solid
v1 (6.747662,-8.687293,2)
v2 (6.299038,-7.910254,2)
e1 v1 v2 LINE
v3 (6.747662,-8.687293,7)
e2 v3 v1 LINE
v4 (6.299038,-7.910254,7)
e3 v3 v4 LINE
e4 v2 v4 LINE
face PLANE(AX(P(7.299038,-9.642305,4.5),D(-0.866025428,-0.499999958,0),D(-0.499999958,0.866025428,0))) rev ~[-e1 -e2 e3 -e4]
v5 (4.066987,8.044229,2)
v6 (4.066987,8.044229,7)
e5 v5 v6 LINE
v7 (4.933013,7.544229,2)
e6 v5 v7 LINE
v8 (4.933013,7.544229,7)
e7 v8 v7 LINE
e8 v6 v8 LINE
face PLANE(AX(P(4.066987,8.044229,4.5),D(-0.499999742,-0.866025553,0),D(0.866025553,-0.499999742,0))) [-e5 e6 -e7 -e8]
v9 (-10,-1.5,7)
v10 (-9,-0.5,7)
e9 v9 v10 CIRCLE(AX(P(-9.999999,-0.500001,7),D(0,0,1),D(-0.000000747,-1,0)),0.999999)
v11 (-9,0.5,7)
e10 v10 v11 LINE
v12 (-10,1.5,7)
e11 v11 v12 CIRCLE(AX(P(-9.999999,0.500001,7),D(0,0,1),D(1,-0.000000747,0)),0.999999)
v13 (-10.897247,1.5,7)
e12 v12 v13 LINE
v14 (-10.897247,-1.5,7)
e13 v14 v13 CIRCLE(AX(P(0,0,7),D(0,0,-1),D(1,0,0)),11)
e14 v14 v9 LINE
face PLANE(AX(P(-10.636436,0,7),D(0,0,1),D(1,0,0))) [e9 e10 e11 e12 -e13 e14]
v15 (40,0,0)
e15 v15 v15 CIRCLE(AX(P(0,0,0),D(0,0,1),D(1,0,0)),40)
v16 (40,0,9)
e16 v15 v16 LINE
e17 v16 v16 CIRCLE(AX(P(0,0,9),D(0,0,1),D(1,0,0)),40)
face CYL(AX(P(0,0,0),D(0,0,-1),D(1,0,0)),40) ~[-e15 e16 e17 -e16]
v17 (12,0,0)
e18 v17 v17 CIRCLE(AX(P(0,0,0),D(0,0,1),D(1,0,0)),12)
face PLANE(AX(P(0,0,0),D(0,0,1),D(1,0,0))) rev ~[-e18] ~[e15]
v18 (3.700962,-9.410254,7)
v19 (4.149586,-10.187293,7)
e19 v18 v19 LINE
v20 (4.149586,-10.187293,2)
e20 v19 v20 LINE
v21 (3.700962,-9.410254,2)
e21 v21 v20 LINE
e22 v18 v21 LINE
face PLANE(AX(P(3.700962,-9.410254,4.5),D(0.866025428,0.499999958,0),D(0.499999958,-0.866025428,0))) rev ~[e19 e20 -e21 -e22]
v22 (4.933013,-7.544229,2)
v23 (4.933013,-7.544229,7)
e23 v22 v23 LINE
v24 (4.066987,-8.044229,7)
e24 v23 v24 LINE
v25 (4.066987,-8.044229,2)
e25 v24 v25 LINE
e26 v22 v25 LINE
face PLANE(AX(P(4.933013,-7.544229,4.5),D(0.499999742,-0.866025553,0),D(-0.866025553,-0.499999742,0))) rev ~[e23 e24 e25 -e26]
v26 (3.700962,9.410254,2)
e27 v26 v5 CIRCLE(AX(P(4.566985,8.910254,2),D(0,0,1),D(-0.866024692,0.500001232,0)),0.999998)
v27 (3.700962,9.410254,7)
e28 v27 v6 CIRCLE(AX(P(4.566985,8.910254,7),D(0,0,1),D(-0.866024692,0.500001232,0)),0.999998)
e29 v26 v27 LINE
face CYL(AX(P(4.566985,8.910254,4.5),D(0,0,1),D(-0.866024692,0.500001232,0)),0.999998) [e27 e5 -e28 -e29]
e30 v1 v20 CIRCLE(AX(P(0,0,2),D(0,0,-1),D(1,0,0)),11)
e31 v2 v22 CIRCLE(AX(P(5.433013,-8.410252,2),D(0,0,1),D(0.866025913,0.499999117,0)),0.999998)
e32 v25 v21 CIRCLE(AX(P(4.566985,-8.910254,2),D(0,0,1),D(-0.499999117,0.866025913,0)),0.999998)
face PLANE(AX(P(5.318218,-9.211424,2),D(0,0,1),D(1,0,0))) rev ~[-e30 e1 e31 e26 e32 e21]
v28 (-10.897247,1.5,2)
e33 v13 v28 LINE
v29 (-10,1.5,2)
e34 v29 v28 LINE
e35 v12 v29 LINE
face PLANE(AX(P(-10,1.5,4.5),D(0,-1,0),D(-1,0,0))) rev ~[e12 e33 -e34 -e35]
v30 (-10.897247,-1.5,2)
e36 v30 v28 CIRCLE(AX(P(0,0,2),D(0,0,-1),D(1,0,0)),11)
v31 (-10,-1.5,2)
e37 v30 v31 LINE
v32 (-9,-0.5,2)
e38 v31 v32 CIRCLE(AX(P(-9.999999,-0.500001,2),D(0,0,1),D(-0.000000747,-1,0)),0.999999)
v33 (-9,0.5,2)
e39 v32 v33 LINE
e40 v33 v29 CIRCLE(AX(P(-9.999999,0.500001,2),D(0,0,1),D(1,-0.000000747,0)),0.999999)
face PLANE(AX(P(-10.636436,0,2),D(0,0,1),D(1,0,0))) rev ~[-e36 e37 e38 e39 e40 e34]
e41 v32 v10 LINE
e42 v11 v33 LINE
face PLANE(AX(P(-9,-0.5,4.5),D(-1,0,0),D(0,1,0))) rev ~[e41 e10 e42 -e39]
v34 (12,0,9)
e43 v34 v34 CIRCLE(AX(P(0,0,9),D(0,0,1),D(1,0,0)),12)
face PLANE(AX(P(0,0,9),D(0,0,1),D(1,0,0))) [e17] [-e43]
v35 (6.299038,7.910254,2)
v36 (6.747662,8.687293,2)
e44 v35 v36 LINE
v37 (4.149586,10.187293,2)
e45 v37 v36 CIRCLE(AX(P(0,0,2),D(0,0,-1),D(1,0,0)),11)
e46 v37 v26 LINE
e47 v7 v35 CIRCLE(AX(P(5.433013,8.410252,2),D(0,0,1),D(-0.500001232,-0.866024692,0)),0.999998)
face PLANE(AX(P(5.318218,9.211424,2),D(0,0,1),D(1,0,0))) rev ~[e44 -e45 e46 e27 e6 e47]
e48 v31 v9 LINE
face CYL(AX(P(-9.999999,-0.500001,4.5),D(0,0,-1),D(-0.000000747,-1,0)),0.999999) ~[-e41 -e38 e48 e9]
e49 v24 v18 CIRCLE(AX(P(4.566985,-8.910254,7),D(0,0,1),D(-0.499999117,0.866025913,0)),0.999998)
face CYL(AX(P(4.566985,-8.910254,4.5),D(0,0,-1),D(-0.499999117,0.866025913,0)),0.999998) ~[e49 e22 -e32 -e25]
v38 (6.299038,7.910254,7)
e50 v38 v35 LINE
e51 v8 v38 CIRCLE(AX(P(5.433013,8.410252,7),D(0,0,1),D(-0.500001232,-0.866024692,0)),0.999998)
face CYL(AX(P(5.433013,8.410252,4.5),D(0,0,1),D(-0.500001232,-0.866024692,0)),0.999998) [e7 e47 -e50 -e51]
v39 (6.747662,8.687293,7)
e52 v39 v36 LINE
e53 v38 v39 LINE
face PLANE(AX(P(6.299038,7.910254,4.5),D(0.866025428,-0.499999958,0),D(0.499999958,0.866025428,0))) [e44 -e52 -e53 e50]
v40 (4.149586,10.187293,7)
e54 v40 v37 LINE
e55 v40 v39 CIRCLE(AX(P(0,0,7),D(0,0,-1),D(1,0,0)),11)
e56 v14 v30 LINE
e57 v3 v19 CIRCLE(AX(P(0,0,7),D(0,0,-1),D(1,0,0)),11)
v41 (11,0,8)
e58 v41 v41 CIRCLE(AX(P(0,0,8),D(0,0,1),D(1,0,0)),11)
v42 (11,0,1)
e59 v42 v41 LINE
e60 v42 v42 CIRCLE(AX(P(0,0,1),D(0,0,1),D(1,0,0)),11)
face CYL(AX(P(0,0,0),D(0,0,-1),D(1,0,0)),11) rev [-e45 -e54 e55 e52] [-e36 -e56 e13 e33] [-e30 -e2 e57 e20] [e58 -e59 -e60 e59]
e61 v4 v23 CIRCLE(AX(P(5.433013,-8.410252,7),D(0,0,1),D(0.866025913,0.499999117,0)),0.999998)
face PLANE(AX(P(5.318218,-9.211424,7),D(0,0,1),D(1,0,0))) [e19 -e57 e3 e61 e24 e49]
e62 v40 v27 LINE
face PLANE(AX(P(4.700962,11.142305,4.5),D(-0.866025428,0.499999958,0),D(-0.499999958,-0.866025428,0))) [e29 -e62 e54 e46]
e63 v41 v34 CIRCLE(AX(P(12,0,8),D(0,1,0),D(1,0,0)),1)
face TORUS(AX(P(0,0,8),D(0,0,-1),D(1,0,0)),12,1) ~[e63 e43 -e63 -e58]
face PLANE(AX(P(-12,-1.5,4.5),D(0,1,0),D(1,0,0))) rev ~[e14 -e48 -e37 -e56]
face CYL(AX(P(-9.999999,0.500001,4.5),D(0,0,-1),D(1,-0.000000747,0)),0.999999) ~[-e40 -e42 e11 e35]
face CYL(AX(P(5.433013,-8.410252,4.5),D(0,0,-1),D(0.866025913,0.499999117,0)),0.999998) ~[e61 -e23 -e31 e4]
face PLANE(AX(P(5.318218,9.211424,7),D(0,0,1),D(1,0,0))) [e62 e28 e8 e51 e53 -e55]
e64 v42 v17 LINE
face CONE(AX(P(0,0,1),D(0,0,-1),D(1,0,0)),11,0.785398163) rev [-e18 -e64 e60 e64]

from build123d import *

# Parameters (mm, degrees)
F0_R     = 40
F0_R_2   = 11
F1_DEPTH = 9
F2_R     = 1
F3_SIZE  = 1
F9_DEPTH = 2.5


with BuildPart() as f1:
    # F0 (on Top) → F1 (new body)
    with BuildSketch(Plane.XY):
        Circle(F0_R)
        Circle(F0_R_2, mode=Mode.SUBTRACT)
    extrude(amount=F1_DEPTH)

    # F2
    f2_edges = [f1.edges().sort_by_distance(p)[0] for p in [
        (-11, 0, 9),
    ]]
    fillet(f2_edges, radius=F2_R)

    # F3
    f3_edges = [f1.edges().sort_by_distance(p)[0] for p in [
        (-11, 0, 0),
    ]]
    chamfer(f3_edges, length=F3_SIZE)

    # F8 (on face) → F9 (join, symmetric)
    with BuildSketch(Plane.XY.offset(4.5)):
        with BuildLine():
            Line((-12, 1.5), (-12, -1.5))
            Line((-12, -1.5), (-10, -1.5))
            ThreePointArc((-10, -1.5), (-9.292893, -1.207107), (-9, -0.5))
            Line((-9, -0.5), (-9, 0.5))
            ThreePointArc((-9, 0.5), (-9.292893, 1.207107), (-10, 1.5))
            Line((-10, 1.5), (-12, 1.5))
        make_face()
        with BuildLine():
            Line((4.700962, -11.142305), (7.299038, -9.642305))
            Line((7.299038, -9.642305), (6.299038, -7.910254))
            ThreePointArc((6.299038, -7.910254), (5.691832, -7.444328), (4.933013, -7.544229))
            Line((4.933013, -7.544229), (4.066987, -8.044229))
            ThreePointArc((4.066987, -8.044229), (3.601061, -8.651435), (3.700962, -9.410254))
            Line((3.700962, -9.410254), (4.700962, -11.142305))
        make_face()
        with BuildLine():
            Line((7.299038, 9.642305), (4.700962, 11.142305))
            Line((4.700962, 11.142305), (3.700962, 9.410254))
            ThreePointArc((3.700962, 9.410254), (3.601061, 8.651435), (4.066987, 8.044229))
            Line((4.066987, 8.044229), (4.933013, 7.544229))
            ThreePointArc((4.933013, 7.544229), (5.691832, 7.444328), (6.299038, 7.910254))
            Line((6.299038, 7.910254), (7.299038, 9.642305))
        make_face()
    extrude(amount=F9_DEPTH, both=True)


solid = f1.part
